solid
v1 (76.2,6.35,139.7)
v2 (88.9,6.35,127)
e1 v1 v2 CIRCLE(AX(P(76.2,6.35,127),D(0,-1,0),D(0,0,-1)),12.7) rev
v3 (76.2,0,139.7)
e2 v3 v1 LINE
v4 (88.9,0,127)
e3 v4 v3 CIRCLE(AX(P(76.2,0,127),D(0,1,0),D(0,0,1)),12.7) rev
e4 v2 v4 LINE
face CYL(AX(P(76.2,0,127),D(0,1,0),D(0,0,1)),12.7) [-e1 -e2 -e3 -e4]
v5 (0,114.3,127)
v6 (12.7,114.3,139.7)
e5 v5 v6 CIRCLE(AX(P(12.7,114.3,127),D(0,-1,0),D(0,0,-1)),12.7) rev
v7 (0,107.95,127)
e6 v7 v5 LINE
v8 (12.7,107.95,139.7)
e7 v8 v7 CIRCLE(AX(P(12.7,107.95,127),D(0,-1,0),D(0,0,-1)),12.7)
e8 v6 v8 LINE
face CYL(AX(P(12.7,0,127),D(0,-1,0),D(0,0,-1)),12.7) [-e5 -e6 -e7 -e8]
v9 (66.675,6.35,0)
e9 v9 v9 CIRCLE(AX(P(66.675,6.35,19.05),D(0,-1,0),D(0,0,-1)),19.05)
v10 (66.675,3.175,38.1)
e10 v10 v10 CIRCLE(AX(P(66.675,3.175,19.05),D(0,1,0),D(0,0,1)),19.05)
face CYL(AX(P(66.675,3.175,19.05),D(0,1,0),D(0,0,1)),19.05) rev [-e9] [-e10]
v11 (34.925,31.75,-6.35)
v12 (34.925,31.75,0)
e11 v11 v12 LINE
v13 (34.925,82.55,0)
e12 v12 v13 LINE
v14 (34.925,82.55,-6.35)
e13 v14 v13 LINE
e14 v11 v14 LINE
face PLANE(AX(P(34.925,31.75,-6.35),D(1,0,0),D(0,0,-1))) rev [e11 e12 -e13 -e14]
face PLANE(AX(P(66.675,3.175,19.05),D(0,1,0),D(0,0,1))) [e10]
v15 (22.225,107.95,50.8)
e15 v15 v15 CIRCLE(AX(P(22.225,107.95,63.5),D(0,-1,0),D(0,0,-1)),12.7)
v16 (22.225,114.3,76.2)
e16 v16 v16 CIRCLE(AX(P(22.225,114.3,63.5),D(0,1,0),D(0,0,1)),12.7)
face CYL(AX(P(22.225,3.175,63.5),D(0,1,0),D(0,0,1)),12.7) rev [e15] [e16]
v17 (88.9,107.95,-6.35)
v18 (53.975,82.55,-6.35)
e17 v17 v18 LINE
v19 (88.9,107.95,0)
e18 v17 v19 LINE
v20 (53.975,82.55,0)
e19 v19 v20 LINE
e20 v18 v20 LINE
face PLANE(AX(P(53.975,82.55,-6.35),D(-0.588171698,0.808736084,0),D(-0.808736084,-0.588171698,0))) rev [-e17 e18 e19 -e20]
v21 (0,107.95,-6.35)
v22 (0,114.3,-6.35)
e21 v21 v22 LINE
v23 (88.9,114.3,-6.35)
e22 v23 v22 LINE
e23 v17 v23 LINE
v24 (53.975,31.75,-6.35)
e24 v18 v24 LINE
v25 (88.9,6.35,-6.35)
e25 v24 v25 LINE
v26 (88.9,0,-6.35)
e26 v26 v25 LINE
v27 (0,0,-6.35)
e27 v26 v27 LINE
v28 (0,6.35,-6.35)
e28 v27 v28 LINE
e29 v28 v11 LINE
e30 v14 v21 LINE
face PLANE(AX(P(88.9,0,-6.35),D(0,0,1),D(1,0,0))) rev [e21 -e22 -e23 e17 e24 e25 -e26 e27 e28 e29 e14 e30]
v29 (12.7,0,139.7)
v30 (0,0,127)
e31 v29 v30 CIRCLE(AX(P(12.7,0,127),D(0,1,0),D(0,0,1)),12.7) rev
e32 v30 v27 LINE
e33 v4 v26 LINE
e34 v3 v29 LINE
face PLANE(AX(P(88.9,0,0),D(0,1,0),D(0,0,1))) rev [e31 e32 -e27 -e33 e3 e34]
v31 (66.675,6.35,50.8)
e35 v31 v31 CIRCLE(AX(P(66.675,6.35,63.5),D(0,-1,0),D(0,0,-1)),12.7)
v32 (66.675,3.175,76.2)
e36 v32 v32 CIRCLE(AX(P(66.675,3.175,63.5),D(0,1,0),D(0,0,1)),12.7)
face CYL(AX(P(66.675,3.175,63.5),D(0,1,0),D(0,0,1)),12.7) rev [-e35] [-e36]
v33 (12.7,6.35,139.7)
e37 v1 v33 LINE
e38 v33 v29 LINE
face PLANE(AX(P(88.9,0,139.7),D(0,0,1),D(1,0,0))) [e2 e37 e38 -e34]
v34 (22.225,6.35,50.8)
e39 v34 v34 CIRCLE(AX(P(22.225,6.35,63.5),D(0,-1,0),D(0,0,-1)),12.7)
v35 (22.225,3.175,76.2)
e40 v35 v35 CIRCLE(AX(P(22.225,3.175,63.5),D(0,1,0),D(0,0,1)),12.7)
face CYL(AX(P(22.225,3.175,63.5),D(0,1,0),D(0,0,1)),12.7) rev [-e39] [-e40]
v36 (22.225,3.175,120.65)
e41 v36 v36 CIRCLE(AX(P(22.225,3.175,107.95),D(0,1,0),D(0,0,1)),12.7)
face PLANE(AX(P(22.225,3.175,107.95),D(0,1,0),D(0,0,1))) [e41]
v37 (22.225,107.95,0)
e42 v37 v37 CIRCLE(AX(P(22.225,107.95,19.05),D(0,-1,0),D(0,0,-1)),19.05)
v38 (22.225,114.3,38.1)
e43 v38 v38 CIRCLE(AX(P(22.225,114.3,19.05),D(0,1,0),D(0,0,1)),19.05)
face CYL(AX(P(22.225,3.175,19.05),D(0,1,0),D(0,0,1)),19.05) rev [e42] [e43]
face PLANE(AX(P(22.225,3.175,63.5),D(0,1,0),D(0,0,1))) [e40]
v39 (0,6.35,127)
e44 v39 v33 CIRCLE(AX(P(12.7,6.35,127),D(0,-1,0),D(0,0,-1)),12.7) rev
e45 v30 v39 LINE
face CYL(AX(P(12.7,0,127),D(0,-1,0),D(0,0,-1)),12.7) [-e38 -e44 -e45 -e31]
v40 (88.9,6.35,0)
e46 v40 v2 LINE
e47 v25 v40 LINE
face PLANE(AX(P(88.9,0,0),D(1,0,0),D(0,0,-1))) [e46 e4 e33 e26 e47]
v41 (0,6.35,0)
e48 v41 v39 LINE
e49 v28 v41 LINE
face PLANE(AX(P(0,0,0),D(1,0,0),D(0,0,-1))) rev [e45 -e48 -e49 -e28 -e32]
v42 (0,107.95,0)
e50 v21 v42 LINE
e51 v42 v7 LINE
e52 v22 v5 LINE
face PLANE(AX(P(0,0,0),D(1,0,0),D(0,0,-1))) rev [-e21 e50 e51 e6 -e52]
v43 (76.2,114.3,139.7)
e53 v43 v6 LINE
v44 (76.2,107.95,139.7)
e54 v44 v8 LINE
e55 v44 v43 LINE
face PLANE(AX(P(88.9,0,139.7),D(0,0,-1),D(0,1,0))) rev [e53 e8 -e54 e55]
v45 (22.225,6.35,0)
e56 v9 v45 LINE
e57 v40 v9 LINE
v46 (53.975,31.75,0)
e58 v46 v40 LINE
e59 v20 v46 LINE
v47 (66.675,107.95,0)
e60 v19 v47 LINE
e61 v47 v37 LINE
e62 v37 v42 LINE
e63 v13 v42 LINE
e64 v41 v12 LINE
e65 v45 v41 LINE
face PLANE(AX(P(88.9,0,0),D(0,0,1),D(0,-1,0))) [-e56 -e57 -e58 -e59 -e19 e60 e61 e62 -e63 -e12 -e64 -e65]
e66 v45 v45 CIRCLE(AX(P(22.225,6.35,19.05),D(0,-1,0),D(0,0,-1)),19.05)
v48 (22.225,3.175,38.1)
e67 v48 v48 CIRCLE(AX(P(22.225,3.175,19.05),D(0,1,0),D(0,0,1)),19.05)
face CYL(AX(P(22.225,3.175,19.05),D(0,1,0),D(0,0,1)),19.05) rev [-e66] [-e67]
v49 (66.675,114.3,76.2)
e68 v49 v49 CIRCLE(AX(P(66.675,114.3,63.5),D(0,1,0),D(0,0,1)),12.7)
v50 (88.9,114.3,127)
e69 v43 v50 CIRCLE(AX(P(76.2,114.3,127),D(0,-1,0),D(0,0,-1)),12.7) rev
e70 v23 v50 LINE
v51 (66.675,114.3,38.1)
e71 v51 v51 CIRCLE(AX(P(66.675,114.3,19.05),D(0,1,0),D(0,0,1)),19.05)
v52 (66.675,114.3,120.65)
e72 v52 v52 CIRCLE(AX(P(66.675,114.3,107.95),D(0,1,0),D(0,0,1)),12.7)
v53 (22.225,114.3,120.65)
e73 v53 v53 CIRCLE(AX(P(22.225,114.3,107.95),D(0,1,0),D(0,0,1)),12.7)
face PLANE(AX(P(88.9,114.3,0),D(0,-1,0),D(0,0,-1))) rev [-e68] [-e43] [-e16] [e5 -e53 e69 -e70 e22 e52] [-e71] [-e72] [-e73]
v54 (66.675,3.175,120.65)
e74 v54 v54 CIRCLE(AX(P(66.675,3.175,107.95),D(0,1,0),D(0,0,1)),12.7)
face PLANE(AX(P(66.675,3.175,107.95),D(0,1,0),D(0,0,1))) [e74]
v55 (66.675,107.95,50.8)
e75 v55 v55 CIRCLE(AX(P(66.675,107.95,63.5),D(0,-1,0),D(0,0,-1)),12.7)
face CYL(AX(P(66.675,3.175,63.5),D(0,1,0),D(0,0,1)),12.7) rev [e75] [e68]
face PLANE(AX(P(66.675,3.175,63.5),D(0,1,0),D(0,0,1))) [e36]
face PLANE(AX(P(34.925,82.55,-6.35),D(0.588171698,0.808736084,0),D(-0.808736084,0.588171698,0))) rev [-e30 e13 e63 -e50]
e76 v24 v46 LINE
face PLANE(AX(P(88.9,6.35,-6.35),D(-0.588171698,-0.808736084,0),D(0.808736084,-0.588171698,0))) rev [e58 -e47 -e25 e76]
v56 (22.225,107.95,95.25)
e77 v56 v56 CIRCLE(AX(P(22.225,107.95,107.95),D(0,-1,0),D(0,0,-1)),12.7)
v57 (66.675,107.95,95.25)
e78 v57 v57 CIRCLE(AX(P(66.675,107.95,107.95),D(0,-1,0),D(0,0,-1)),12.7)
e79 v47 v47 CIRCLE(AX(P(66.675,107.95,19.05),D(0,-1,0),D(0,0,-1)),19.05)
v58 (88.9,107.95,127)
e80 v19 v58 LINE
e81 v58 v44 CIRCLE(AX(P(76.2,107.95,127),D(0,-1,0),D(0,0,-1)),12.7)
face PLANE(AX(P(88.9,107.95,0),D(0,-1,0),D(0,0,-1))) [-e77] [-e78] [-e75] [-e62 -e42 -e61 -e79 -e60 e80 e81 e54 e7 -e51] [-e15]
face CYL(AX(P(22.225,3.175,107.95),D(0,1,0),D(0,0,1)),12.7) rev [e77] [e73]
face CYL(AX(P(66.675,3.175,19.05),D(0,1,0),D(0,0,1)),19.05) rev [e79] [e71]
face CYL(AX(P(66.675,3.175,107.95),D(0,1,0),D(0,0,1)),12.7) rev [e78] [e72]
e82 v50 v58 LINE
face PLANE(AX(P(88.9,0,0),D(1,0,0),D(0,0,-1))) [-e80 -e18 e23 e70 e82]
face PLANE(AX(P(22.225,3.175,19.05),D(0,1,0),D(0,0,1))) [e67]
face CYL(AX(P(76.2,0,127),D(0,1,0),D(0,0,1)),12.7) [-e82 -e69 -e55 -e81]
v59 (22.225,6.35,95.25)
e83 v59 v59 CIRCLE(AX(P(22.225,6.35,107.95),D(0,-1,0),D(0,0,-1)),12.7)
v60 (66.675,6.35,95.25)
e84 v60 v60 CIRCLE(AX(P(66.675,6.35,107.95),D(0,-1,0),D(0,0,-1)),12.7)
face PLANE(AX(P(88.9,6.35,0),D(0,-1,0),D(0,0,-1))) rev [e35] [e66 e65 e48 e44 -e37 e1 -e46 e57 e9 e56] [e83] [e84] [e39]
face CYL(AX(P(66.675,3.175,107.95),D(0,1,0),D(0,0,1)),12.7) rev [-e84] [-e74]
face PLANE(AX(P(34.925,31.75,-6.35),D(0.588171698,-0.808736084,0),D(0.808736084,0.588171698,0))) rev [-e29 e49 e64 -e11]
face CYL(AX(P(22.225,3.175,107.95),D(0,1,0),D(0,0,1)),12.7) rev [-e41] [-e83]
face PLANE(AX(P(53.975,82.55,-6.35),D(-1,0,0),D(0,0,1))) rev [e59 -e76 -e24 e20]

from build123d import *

# Parameters (mm, degrees)
SKETCH1_W               = 139.7
SKETCH1_H               = 6.35
SKETCH1_W_2             = 6.35
SKETCH1_H_2             = 114.3
BOSS_EXTRUDE1_DEPTH     = 88.9
SKETCH2_R               = 19.05
SKETCH2_R_2             = 12.7
CUT_EXTRUDE1_DEPTH      = 111.125
CUT_EXTRUDE3_DEPTH      = 202.205839875
CUT_EXTRUDE3_DEPTH_BACK = 202.205839875
FILLET1_R               = 12.7


with BuildPart() as part:
    # Sketch1 → Boss-Extrude1 (new body)
    with BuildSketch(Plane(origin=(0, 0, 0), x_dir=(0, 0, -1), z_dir=(1, 0, 0))):
        with Locations((-69.85, 111.125)):
            Rectangle(SKETCH1_W, SKETCH1_H)
        with Locations((3.175, 57.15)):
            Rectangle(SKETCH1_W_2, SKETCH1_H_2)
        with Locations((-69.85, 3.175)):
            Rectangle(SKETCH1_W, SKETCH1_H)
    extrude(amount=BOSS_EXTRUDE1_DEPTH)

    # Sketch2 → Cut-Extrude1 (cut)
    with BuildSketch(Plane(origin=(0, 114.3, 0), x_dir=(1, 0, 0), z_dir=(0, 1, 0))):
        with Locations(Location((66.675, -19.05, 0), (0, 0, 270))):
            Circle(SKETCH2_R)
        with Locations(Location((66.675, -63.5, 0), (0, 0, 270))):
            Circle(SKETCH2_R_2)
        with Locations(Location((66.675, -107.95, 0), (0, 0, 270))):
            Circle(SKETCH2_R_2)
        with Locations(Location((22.225, -107.95, 0), (0, 0, 270))):
            Circle(SKETCH2_R_2)
        with Locations(Location((22.225, -63.5, 0), (0, 0, 270))):
            Circle(SKETCH2_R_2)
        with Locations(Location((22.225, -19.05, 0), (0, 0, 270))):
            Circle(SKETCH2_R)
    extrude(amount=-CUT_EXTRUDE1_DEPTH, mode=Mode.SUBTRACT)

    # Sketch4 → Cut-Extrude3 (cut, two sides: drawn at the far end of the back side and taken through both)
    with BuildSketch(Plane.XY.offset(-CUT_EXTRUDE3_DEPTH_BACK)):
        Polygon((34.925, 31.75), (34.925, 82.55), (0, 107.95), (0, 6.35), align=None)
        Polygon((53.975, 82.55), (53.975, 31.75), (88.9, 6.35), (88.9, 107.95), align=None)
    extrude(amount=CUT_EXTRUDE3_DEPTH + CUT_EXTRUDE3_DEPTH_BACK, mode=Mode.SUBTRACT)

    # Fillet1
    fillet1_edges = [part.edges().sort_by_distance(p)[0] for p in [
        (88.9, 111.125, 139.7),
        (0, 3.175, 139.7),
        (0, 111.125, 139.7),
        (88.9, 3.175, 139.7),
    ]]
    fillet(fillet1_edges, radius=FILLET1_R)


solid = part.part
